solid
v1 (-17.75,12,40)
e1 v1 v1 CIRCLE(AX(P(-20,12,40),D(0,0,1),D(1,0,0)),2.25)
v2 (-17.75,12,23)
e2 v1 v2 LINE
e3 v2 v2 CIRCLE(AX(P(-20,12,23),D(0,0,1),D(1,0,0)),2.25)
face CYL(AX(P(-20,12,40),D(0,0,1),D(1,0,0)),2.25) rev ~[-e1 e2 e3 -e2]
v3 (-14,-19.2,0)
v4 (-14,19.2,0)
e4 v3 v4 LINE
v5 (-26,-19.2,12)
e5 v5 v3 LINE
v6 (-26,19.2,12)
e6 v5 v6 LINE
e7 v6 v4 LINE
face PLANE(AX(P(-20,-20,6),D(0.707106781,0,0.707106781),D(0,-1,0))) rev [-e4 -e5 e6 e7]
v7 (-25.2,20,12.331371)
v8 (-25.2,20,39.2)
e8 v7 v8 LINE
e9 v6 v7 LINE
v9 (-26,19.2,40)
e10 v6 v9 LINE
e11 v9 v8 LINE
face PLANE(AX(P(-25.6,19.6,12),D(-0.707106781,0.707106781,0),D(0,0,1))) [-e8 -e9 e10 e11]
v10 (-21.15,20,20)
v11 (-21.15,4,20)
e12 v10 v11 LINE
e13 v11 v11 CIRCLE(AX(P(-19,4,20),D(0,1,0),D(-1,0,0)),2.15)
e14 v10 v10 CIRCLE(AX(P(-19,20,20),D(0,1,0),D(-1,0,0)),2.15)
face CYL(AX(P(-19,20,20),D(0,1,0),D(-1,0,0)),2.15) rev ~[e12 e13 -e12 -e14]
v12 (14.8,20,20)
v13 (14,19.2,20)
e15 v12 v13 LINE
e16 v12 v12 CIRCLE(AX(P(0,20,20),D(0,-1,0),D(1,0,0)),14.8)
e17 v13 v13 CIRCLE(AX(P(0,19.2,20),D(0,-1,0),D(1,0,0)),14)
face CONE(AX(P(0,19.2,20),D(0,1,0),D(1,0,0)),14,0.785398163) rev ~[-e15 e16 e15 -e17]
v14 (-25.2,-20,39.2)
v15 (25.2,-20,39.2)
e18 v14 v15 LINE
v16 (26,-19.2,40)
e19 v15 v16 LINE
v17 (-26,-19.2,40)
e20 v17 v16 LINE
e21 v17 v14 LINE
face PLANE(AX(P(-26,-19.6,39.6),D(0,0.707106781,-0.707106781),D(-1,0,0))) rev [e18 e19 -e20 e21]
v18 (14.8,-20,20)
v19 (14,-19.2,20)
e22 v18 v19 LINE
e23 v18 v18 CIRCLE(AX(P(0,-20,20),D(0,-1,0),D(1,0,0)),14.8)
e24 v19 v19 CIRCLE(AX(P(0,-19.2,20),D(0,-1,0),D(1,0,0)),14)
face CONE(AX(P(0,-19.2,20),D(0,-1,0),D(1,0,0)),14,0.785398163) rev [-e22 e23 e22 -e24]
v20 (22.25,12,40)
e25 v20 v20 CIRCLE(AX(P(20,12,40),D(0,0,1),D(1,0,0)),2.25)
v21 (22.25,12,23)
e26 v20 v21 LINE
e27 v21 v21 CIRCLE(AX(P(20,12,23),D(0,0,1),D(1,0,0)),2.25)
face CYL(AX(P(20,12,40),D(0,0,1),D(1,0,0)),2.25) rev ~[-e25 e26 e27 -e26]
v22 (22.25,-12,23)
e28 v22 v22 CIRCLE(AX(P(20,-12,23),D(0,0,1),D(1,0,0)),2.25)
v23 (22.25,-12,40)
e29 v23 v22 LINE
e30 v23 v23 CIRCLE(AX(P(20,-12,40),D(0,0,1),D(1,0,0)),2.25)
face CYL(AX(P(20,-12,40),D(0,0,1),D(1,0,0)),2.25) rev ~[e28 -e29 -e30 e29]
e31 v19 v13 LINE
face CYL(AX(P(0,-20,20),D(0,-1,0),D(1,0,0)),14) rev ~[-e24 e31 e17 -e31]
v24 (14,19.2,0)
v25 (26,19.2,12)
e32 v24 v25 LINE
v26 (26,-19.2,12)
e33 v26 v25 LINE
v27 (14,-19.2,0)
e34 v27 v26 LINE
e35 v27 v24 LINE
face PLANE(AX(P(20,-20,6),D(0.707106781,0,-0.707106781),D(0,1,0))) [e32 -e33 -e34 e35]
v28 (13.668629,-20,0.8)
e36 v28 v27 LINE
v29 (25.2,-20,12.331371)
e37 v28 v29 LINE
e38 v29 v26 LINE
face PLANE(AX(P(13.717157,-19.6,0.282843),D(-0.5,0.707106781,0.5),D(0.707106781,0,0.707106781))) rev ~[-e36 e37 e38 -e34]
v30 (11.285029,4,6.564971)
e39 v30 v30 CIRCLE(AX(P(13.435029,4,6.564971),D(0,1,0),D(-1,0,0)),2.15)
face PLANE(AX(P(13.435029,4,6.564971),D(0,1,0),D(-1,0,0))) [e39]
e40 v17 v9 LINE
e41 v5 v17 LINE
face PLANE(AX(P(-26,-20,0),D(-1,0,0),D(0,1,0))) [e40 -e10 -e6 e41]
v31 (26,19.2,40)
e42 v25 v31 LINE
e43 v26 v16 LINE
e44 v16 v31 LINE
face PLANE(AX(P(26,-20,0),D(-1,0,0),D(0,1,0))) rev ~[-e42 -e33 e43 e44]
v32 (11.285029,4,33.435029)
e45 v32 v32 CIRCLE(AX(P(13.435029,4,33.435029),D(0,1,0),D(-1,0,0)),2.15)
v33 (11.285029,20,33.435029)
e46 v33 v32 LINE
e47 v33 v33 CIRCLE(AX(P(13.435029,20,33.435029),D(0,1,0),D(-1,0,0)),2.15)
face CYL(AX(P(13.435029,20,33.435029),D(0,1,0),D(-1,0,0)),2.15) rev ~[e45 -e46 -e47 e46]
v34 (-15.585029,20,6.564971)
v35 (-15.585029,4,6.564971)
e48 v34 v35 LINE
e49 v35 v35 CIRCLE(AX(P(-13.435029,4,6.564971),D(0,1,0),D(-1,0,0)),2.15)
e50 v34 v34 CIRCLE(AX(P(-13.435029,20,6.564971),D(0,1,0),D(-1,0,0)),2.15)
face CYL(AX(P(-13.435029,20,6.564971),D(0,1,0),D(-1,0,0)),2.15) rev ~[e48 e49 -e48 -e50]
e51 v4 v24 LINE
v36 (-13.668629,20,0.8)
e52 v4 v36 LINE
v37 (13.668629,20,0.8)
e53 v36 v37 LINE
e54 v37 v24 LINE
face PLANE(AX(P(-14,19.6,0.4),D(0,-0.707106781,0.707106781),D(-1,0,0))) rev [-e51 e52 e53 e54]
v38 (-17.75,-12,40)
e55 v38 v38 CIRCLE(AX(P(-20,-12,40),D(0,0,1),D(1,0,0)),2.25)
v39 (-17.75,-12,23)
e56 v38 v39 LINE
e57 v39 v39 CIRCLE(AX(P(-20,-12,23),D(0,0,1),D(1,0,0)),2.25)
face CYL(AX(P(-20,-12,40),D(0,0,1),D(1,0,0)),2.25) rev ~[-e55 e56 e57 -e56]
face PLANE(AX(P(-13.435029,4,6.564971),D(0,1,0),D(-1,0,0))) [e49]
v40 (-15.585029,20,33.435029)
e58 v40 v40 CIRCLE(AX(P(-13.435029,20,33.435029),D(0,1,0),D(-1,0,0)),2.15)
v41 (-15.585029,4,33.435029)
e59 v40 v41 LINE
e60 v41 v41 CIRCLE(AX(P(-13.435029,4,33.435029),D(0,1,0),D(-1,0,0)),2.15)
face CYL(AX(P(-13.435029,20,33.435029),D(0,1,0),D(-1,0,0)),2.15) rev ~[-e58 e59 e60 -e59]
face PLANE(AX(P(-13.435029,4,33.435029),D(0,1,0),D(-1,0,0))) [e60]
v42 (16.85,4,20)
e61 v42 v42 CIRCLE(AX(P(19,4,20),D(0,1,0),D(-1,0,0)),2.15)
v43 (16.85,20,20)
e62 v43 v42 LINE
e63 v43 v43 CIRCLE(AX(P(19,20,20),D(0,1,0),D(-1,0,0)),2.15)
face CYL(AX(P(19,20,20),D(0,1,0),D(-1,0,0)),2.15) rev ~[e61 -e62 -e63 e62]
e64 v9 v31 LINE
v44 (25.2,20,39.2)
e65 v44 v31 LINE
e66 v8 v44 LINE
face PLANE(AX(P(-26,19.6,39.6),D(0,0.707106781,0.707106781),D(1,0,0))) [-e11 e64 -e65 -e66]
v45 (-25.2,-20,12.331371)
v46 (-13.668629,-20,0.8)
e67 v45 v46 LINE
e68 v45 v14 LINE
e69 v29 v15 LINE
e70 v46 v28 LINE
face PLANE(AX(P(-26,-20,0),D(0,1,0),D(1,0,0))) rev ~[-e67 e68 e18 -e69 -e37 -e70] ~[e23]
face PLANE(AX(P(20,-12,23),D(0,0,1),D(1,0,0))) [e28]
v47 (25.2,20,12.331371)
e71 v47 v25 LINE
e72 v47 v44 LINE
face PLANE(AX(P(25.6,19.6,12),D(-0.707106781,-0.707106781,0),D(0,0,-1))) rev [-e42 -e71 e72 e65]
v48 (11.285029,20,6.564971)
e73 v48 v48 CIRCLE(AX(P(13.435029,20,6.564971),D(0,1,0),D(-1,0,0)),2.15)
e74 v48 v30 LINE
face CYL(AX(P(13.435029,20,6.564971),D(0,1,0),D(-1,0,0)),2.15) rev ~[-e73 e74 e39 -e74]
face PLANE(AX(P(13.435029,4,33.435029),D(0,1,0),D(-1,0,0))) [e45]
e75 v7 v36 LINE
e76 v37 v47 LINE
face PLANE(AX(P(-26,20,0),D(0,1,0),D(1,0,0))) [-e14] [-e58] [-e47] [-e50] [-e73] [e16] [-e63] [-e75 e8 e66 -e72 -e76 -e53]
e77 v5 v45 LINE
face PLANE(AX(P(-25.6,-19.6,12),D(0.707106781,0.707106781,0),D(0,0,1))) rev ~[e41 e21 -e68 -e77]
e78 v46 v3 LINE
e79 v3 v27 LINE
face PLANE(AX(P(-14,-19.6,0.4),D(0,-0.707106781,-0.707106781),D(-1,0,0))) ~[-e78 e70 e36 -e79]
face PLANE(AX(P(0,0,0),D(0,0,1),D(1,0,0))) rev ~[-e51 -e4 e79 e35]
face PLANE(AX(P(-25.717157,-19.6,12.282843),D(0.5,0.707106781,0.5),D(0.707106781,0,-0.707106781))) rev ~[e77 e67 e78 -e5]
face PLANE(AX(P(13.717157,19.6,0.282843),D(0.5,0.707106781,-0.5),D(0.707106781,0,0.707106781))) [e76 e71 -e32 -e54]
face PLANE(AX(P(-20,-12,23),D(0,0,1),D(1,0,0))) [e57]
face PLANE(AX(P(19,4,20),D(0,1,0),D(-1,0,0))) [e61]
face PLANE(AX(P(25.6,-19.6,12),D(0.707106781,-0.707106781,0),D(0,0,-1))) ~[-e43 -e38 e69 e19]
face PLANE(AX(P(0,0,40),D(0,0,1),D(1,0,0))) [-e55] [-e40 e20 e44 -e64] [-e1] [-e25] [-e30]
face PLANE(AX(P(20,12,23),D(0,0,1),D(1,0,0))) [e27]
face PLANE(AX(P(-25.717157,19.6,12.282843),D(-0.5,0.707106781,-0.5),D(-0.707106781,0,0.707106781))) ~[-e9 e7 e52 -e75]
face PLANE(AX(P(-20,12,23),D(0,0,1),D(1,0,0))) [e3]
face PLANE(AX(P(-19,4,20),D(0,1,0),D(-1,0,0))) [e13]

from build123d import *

# Parameters (mm, degrees)
F0_W     = 52
F0_H     = 40
F1_DEPTH = 40
F2_R     = 14
F3_DEPTH = 40.001
F4_R     = 2.25
F5_DEPTH = 17
F6_R     = 2.15
F7_DEPTH = 16
F8_SIZE  = 12
F9_SIZE  = 0.8


with BuildPart() as f1:
    # F0 (on Top) → F1 (new body)
    with BuildSketch(Plane.XY):
        Rectangle(F0_W, F0_H)
    extrude(amount=F1_DEPTH)

    # F2 (on face) → F3 (cut, through all)
    with BuildSketch(Plane.XZ.offset(20)):
        with Locations((0, 20)):
            Circle(F2_R)
    extrude(amount=-F3_DEPTH, mode=Mode.SUBTRACT)

    # F4 (on face) → F5 (cut)
    with BuildSketch(Plane.XY.offset(40)):
        with Locations((-20, 12)):
            Circle(F4_R)
        with Locations((-20, -12)):
            Circle(F4_R)
        with Locations((20, -12)):
            Circle(F4_R)
        with Locations((20, 12)):
            Circle(F4_R)
    extrude(amount=-F5_DEPTH, mode=Mode.SUBTRACT)

    # F6 (on face) → F7 (cut)
    with BuildSketch(Plane(origin=(0, 20, 0), x_dir=(-1, 0, 0), z_dir=(0, 1, 0))):
        with Locations((13.4350288425, 33.4350288425)):
            Circle(F6_R)
        with Locations((19, 20)):
            Circle(F6_R)
        with Locations((-13.4350288425, 33.4350288425)):
            Circle(F6_R)
        with Locations((-19, 20)):
            Circle(F6_R)
        with Locations((13.4350288425, 6.5649711575)):
            Circle(F6_R)
        with Locations((-13.4350288425, 6.5649711575)):
            Circle(F6_R)
    extrude(amount=-F7_DEPTH, mode=Mode.SUBTRACT)

    # F8
    f8_edges = [f1.edges().sort_by_distance(p)[0] for p in [
        (-26, 0, 0),
        (26, 0, 0),
    ]]
    chamfer(f8_edges, length=F8_SIZE)

    # F9
    f9_edges = [f1.edges().sort_by_distance(p)[0] for p in [
        (-26, 20, 26),
        (-20, 20, 6),
        (0, 20, 0),
        (20, 20, 6),
        (26, 20, 26),
        (0, 20, 40),
        (-26, -20, 26),
        (-20, -20, 6),
        (0, -20, 40),
        (0, -20, 0),
        (26, -20, 26),
        (20, -20, 6),
        (-14, -20, 20),
        (-14, 20, 20),
    ]]
    chamfer(f9_edges, length=F9_SIZE)


solid = f1.part
